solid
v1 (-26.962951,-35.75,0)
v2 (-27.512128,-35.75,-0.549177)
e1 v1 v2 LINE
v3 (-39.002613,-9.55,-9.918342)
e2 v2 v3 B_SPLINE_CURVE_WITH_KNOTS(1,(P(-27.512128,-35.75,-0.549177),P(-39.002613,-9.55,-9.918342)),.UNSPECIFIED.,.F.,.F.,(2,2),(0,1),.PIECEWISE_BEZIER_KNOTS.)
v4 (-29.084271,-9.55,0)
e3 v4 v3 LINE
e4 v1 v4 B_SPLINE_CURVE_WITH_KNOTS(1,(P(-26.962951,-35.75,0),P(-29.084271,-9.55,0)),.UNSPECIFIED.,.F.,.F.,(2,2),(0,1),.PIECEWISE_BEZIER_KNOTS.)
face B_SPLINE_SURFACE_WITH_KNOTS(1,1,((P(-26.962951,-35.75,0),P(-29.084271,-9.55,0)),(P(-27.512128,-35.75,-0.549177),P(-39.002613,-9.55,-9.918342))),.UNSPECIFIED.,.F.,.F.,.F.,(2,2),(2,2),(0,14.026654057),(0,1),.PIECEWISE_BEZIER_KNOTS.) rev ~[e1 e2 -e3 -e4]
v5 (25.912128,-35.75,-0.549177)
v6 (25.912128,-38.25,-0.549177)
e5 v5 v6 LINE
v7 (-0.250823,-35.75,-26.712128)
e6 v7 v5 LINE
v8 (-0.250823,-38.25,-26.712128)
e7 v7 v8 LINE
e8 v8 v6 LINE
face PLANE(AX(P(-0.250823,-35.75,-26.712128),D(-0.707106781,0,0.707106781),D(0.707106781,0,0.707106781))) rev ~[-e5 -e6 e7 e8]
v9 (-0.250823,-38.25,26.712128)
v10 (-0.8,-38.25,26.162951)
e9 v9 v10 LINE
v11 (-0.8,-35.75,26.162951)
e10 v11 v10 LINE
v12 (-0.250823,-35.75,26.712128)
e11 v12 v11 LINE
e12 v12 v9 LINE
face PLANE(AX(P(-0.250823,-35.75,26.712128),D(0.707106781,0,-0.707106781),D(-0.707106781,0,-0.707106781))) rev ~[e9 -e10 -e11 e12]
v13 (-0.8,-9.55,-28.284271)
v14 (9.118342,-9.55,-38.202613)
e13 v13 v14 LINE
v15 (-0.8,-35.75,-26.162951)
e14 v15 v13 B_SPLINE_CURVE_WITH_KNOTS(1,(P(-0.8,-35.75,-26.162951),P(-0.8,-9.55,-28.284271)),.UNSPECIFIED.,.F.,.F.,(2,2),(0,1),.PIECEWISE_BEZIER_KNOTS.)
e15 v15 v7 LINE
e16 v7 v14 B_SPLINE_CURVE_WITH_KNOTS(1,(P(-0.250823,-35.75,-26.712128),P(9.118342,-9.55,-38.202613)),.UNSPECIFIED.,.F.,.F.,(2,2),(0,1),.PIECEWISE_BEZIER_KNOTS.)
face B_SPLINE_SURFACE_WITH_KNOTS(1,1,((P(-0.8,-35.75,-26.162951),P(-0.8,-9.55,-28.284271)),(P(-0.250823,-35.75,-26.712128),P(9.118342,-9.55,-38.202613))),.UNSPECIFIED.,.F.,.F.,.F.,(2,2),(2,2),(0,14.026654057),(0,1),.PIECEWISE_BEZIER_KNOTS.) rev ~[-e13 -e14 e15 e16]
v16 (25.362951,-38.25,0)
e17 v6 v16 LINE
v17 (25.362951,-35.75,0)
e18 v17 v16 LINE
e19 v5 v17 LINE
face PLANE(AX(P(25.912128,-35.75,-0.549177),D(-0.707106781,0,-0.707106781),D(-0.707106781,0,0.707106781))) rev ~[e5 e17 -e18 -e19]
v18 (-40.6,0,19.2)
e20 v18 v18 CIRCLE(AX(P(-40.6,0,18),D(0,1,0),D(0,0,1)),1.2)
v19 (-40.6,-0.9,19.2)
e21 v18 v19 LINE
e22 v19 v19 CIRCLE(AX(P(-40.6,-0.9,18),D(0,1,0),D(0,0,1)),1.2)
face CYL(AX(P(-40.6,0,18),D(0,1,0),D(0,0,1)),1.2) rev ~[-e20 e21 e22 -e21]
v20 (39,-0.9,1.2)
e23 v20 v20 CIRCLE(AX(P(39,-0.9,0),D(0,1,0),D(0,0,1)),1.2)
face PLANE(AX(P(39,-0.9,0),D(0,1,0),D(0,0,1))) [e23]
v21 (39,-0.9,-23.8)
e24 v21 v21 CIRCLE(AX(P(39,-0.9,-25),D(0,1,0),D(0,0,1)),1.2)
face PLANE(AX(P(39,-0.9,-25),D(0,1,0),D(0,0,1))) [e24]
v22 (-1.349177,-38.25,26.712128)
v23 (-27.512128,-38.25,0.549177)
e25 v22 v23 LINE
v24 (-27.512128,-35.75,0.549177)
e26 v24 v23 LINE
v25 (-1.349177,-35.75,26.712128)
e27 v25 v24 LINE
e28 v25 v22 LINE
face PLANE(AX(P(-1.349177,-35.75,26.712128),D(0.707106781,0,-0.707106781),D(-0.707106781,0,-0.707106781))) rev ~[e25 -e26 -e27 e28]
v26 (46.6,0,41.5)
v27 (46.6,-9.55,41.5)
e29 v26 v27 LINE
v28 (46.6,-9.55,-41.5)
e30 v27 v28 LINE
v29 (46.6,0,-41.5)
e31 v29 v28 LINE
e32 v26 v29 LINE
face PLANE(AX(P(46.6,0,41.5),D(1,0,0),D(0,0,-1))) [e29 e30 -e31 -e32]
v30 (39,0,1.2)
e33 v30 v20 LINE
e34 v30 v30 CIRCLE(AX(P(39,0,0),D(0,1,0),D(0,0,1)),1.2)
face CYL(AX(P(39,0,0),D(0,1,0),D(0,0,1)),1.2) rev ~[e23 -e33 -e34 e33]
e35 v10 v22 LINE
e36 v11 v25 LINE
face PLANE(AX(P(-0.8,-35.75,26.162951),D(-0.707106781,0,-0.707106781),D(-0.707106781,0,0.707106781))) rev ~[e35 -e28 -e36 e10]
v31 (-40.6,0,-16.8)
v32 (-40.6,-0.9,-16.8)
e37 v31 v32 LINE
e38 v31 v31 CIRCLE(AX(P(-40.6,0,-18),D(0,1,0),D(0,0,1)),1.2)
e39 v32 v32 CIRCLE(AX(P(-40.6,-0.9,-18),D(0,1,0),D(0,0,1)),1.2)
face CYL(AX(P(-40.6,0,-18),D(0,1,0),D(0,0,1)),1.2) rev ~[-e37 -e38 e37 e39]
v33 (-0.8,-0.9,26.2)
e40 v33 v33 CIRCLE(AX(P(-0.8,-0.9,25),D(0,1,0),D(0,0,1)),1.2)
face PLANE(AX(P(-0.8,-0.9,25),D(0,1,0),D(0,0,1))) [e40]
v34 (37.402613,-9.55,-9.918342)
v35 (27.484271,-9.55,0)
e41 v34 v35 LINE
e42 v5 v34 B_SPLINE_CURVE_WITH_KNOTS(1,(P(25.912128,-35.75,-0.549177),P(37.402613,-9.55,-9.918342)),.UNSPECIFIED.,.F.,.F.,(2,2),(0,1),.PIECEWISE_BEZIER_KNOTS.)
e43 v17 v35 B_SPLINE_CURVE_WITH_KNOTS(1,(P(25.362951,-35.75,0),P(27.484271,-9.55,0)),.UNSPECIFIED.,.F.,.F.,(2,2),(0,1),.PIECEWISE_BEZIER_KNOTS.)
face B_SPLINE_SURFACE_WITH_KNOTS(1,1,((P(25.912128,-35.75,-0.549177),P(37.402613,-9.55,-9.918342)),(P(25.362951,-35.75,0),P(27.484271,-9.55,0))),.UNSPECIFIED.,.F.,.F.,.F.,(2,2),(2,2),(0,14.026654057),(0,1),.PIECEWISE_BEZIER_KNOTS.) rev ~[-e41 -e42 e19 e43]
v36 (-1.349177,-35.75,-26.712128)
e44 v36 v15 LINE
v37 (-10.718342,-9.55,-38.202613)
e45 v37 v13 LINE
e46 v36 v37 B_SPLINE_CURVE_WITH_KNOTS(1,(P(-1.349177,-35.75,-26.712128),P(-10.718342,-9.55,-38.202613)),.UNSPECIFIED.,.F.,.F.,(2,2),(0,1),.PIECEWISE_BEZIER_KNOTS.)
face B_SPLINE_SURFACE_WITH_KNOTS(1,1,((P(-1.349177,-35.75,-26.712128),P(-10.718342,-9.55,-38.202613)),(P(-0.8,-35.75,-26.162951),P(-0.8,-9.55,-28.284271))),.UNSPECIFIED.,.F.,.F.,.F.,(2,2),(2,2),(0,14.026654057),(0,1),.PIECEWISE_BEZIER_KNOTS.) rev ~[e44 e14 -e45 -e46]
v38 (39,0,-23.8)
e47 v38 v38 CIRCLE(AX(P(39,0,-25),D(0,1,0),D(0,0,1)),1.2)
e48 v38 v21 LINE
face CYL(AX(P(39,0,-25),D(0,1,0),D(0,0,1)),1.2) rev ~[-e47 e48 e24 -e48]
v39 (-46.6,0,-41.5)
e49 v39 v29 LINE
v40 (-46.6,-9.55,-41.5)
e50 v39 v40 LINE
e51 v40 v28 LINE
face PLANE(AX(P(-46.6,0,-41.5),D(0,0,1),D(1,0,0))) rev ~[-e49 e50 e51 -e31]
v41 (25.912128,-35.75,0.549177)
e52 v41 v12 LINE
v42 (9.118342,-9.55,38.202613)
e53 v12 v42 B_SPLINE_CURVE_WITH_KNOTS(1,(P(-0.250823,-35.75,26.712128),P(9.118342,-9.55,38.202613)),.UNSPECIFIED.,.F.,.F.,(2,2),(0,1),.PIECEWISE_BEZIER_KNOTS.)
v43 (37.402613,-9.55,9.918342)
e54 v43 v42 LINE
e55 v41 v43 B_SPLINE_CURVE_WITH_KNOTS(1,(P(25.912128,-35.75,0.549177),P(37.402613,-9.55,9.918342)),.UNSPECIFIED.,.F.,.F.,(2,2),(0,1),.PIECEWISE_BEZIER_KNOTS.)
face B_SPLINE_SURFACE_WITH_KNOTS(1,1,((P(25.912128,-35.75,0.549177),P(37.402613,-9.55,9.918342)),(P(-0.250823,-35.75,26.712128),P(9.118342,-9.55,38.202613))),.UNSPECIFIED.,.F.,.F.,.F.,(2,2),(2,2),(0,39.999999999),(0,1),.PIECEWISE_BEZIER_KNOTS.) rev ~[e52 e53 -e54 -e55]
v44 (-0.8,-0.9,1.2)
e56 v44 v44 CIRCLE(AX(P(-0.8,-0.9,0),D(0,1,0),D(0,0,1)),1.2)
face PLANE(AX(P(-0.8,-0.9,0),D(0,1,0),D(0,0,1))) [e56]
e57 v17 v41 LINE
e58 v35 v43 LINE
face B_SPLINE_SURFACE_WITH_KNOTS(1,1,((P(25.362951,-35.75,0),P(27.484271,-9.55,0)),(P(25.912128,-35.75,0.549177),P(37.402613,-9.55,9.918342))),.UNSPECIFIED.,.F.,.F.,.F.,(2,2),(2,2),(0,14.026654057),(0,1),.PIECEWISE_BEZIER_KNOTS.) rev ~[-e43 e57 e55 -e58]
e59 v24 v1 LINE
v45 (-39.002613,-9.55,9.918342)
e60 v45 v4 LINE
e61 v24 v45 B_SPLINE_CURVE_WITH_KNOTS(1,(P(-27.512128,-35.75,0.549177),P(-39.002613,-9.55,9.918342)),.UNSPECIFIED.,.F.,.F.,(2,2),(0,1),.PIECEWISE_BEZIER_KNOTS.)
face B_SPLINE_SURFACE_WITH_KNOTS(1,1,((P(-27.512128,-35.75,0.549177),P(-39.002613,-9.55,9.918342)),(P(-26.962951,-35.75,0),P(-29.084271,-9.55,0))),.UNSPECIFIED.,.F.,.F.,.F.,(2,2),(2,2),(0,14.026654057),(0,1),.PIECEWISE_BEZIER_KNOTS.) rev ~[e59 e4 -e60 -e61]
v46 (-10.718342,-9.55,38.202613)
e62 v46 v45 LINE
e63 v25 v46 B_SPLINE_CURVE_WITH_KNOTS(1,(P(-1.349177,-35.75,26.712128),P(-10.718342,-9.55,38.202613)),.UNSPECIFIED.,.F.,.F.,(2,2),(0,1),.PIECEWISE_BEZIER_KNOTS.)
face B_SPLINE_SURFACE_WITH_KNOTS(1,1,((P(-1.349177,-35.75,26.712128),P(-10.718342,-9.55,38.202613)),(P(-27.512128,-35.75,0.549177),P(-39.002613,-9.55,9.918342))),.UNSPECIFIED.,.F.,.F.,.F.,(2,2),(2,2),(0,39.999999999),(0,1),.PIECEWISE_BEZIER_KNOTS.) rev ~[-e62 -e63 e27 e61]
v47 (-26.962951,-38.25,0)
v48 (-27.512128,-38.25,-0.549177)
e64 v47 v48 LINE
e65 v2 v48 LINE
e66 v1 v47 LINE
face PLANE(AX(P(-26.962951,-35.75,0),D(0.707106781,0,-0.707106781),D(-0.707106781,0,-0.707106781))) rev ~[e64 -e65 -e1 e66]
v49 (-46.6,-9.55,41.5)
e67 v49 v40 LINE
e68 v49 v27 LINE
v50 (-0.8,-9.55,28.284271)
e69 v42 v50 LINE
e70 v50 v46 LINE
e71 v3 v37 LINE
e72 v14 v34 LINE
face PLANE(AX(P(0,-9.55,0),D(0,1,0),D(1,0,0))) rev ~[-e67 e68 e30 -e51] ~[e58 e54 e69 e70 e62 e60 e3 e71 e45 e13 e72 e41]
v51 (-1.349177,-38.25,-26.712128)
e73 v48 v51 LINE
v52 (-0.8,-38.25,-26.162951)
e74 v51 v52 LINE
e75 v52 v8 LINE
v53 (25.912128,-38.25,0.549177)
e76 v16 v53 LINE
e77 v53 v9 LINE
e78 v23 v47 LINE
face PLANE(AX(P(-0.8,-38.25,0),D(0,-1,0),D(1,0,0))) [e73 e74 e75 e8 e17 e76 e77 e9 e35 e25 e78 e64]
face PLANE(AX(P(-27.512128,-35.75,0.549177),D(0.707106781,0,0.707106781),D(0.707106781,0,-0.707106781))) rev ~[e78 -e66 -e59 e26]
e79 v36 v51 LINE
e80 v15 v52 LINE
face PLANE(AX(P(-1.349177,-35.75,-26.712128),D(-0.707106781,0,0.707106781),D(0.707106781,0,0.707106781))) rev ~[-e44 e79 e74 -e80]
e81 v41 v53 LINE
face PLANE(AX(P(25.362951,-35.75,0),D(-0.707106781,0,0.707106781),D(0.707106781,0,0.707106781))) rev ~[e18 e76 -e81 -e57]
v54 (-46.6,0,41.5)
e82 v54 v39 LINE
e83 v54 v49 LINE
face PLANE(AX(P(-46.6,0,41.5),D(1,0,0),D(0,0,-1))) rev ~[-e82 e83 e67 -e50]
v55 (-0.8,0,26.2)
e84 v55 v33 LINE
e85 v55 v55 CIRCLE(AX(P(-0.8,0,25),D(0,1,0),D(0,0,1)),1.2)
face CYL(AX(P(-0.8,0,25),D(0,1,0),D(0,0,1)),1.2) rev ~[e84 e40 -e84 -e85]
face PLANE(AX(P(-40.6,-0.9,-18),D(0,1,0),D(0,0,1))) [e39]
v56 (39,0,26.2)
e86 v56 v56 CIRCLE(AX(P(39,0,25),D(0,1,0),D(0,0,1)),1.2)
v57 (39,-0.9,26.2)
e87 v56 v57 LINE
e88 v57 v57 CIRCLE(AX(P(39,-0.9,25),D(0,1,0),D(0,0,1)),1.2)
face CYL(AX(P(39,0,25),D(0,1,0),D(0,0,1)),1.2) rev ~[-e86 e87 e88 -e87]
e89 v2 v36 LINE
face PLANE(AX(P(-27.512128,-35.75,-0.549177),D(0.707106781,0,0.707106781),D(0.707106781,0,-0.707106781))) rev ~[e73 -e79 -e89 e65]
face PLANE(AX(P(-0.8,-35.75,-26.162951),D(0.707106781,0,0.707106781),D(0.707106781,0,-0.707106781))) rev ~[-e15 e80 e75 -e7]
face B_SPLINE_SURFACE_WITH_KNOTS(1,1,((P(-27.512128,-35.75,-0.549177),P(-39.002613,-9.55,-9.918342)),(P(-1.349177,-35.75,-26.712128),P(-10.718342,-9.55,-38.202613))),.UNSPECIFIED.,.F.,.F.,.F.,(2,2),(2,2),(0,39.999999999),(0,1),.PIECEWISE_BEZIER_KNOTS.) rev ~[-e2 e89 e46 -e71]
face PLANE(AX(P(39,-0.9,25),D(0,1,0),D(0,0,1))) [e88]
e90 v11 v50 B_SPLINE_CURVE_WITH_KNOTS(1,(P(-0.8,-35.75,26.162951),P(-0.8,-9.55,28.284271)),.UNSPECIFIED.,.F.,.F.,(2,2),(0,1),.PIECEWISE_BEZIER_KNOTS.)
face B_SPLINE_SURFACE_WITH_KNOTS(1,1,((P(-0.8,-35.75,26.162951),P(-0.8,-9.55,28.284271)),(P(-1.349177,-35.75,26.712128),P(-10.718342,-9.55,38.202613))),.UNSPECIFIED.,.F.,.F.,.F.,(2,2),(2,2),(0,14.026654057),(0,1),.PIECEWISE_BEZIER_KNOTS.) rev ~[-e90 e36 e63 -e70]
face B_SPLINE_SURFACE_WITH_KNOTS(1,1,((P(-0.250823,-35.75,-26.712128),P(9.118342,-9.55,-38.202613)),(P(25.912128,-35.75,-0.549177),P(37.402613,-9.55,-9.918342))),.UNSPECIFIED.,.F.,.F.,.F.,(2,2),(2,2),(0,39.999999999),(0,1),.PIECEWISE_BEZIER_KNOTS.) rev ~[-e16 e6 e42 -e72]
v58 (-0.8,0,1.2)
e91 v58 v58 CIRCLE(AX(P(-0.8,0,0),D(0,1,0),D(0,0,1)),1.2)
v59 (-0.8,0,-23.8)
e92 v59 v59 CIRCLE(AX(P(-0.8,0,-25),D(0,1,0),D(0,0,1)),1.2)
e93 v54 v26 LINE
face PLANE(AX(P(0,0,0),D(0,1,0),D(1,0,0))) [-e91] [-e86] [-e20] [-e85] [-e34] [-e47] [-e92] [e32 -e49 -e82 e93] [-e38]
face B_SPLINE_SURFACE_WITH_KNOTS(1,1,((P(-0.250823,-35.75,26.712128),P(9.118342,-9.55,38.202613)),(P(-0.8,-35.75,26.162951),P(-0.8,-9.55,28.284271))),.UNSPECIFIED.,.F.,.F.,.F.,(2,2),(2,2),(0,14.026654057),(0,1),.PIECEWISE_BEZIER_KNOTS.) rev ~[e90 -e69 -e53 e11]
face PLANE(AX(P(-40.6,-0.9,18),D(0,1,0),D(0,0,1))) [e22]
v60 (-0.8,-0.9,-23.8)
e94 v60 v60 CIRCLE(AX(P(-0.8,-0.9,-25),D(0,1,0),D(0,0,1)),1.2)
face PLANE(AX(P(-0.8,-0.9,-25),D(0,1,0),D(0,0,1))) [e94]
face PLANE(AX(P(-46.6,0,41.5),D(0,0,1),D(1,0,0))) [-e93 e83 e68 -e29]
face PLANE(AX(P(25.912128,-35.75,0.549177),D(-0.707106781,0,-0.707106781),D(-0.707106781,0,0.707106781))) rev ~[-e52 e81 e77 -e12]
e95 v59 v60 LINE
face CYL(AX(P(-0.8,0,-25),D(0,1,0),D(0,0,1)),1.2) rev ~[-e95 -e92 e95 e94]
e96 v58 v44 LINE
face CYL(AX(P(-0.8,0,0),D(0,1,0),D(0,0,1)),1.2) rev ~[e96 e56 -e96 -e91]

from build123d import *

# Parameters (mm, degrees)
SKETCH1_W           = 93.2
SKETCH1_H           = 83
BOSS_EXTRUDE1_DEPTH = 9.55
BOSS_EXTRUDE3_DEPTH = 2.5
SKETCH6_R           = 1.2
CUT_EXTRUDE1_DEPTH  = 0.9


with BuildPart() as part:
    # Sketch1 → Boss-Extrude1 (new body)
    with BuildSketch(Plane(origin=(0, 0, 0), x_dir=(1, 0, 0), z_dir=(0, 1, 0))):
        Rectangle(SKETCH1_W, SKETCH1_H)
    extrude(amount=-BOSS_EXTRUDE1_DEPTH)

    # Sketch3 → Loft3 section 0
    with BuildSketch(Plane(origin=(0, -35.75, 0), x_dir=(-1, 0, 0), z_dir=(0, -1, 0))):
        with BuildLine():
            Line((0.25082265, 26.712128254), (-25.912128254, 0.54917735))
            Line((-25.912128254, 0.54917735), (-25.362950904, 0))
            Line((-25.362950904, 0), (-25.912128254, -0.54917735))
            Line((-25.912128254, -0.54917735), (0.25082265, -26.712128254))
            Line((0.25082265, -26.712128254), (0.8, -26.162950904))
            Line((0.8, -26.162950904), (1.34917735, -26.712128254))
            Line((1.34917735, -26.712128254), (27.512128254, -0.54917735))
            Line((27.512128254, -0.54917735), (26.962950904, 0))
            Line((26.962950904, 0), (27.512128254, 0.54917735))
            Line((27.512128254, 0.54917735), (1.34917735, 26.712128254))
            Line((1.34917735, 26.712128254), (0.8, 26.162950904))
            Line((0.8, 26.162950904), (0.25082265, 26.712128254))
        make_face()
    # Sketch2 → Loft3 section 1
    with BuildSketch(Plane.XZ.offset(9.55)):
        with BuildLine():
            Line((-10.718342201, -38.202613448), (-0.8, -28.284271247))
            Line((-0.8, -28.284271247), (9.118342201, -38.202613448))
            Line((9.118342201, -38.202613448), (37.402613448, -9.918342201))
            Line((37.402613448, -9.918342201), (27.484271247, 0))
            Line((27.484271247, 0), (37.402613448, 9.918342201))
            Line((37.402613448, 9.918342201), (9.118342201, 38.202613448))
            Line((9.118342201, 38.202613448), (-0.8, 28.284271247))
            Line((-0.8, 28.284271247), (-10.718342201, 38.202613448))
            Line((-10.718342201, 38.202613448), (-39.002613448, 9.918342201))
            Line((-39.002613448, 9.918342201), (-29.084271247, 0))
            Line((-29.084271247, 0), (-39.002613448, -9.918342201))
            Line((-39.002613448, -9.918342201), (-10.718342201, -38.202613448))
        make_face()
    loft()

    # Sketch5 → Boss-Extrude3 (add)
    with BuildSketch(Plane.XZ.offset(35.75)):
        Polygon((-0.8, -26.162950904), (-0.25082265, -26.712128254), (25.912128254, -0.54917735), (25.362950904, 0), (25.912128254, 0.54917735), (-0.25082265, 26.712128254), (-0.8, 26.162950904), (-1.34917735, 26.712128254), (-27.512128254, 0.54917735), (-26.962950904, 0), (-27.512128254, -0.54917735), (-1.34917735, -26.712128254), align=None)
    extrude(amount=BOSS_EXTRUDE3_DEPTH)

    # Sketch6 → Cut-Extrude1 (cut)
    with BuildSketch(Plane(origin=(0, 0, 0), x_dir=(1, 0, 0), z_dir=(0, 1, 0))):
        with Locations(Location((39, -25, 0), (0, 0, 270))):
            Circle(SKETCH6_R)
        with Locations(Location((39, 0, 0), (0, 0, 270))):
            Circle(SKETCH6_R)
        with Locations(Location((39, 25, 0), (0, 0, 270))):
            Circle(SKETCH6_R)
        with Locations(Location((-40.6, 18, 0), (0, 0, 270))):
            Circle(SKETCH6_R)
        with Locations(Location((-40.6, -18, 0), (0, 0, 270))):
            Circle(SKETCH6_R)
        with Locations(Location((-0.8, -25, 0), (0, 0, 270))):
            Circle(SKETCH6_R)
        with Locations(Location((-0.8, 0, 0), (0, 0, 270))):
            Circle(SKETCH6_R)
        with Locations(Location((-0.8, 25, 0), (0, 0, 270))):
            Circle(SKETCH6_R)
    extrude(amount=-CUT_EXTRUDE1_DEPTH, mode=Mode.SUBTRACT)


solid = part.part
